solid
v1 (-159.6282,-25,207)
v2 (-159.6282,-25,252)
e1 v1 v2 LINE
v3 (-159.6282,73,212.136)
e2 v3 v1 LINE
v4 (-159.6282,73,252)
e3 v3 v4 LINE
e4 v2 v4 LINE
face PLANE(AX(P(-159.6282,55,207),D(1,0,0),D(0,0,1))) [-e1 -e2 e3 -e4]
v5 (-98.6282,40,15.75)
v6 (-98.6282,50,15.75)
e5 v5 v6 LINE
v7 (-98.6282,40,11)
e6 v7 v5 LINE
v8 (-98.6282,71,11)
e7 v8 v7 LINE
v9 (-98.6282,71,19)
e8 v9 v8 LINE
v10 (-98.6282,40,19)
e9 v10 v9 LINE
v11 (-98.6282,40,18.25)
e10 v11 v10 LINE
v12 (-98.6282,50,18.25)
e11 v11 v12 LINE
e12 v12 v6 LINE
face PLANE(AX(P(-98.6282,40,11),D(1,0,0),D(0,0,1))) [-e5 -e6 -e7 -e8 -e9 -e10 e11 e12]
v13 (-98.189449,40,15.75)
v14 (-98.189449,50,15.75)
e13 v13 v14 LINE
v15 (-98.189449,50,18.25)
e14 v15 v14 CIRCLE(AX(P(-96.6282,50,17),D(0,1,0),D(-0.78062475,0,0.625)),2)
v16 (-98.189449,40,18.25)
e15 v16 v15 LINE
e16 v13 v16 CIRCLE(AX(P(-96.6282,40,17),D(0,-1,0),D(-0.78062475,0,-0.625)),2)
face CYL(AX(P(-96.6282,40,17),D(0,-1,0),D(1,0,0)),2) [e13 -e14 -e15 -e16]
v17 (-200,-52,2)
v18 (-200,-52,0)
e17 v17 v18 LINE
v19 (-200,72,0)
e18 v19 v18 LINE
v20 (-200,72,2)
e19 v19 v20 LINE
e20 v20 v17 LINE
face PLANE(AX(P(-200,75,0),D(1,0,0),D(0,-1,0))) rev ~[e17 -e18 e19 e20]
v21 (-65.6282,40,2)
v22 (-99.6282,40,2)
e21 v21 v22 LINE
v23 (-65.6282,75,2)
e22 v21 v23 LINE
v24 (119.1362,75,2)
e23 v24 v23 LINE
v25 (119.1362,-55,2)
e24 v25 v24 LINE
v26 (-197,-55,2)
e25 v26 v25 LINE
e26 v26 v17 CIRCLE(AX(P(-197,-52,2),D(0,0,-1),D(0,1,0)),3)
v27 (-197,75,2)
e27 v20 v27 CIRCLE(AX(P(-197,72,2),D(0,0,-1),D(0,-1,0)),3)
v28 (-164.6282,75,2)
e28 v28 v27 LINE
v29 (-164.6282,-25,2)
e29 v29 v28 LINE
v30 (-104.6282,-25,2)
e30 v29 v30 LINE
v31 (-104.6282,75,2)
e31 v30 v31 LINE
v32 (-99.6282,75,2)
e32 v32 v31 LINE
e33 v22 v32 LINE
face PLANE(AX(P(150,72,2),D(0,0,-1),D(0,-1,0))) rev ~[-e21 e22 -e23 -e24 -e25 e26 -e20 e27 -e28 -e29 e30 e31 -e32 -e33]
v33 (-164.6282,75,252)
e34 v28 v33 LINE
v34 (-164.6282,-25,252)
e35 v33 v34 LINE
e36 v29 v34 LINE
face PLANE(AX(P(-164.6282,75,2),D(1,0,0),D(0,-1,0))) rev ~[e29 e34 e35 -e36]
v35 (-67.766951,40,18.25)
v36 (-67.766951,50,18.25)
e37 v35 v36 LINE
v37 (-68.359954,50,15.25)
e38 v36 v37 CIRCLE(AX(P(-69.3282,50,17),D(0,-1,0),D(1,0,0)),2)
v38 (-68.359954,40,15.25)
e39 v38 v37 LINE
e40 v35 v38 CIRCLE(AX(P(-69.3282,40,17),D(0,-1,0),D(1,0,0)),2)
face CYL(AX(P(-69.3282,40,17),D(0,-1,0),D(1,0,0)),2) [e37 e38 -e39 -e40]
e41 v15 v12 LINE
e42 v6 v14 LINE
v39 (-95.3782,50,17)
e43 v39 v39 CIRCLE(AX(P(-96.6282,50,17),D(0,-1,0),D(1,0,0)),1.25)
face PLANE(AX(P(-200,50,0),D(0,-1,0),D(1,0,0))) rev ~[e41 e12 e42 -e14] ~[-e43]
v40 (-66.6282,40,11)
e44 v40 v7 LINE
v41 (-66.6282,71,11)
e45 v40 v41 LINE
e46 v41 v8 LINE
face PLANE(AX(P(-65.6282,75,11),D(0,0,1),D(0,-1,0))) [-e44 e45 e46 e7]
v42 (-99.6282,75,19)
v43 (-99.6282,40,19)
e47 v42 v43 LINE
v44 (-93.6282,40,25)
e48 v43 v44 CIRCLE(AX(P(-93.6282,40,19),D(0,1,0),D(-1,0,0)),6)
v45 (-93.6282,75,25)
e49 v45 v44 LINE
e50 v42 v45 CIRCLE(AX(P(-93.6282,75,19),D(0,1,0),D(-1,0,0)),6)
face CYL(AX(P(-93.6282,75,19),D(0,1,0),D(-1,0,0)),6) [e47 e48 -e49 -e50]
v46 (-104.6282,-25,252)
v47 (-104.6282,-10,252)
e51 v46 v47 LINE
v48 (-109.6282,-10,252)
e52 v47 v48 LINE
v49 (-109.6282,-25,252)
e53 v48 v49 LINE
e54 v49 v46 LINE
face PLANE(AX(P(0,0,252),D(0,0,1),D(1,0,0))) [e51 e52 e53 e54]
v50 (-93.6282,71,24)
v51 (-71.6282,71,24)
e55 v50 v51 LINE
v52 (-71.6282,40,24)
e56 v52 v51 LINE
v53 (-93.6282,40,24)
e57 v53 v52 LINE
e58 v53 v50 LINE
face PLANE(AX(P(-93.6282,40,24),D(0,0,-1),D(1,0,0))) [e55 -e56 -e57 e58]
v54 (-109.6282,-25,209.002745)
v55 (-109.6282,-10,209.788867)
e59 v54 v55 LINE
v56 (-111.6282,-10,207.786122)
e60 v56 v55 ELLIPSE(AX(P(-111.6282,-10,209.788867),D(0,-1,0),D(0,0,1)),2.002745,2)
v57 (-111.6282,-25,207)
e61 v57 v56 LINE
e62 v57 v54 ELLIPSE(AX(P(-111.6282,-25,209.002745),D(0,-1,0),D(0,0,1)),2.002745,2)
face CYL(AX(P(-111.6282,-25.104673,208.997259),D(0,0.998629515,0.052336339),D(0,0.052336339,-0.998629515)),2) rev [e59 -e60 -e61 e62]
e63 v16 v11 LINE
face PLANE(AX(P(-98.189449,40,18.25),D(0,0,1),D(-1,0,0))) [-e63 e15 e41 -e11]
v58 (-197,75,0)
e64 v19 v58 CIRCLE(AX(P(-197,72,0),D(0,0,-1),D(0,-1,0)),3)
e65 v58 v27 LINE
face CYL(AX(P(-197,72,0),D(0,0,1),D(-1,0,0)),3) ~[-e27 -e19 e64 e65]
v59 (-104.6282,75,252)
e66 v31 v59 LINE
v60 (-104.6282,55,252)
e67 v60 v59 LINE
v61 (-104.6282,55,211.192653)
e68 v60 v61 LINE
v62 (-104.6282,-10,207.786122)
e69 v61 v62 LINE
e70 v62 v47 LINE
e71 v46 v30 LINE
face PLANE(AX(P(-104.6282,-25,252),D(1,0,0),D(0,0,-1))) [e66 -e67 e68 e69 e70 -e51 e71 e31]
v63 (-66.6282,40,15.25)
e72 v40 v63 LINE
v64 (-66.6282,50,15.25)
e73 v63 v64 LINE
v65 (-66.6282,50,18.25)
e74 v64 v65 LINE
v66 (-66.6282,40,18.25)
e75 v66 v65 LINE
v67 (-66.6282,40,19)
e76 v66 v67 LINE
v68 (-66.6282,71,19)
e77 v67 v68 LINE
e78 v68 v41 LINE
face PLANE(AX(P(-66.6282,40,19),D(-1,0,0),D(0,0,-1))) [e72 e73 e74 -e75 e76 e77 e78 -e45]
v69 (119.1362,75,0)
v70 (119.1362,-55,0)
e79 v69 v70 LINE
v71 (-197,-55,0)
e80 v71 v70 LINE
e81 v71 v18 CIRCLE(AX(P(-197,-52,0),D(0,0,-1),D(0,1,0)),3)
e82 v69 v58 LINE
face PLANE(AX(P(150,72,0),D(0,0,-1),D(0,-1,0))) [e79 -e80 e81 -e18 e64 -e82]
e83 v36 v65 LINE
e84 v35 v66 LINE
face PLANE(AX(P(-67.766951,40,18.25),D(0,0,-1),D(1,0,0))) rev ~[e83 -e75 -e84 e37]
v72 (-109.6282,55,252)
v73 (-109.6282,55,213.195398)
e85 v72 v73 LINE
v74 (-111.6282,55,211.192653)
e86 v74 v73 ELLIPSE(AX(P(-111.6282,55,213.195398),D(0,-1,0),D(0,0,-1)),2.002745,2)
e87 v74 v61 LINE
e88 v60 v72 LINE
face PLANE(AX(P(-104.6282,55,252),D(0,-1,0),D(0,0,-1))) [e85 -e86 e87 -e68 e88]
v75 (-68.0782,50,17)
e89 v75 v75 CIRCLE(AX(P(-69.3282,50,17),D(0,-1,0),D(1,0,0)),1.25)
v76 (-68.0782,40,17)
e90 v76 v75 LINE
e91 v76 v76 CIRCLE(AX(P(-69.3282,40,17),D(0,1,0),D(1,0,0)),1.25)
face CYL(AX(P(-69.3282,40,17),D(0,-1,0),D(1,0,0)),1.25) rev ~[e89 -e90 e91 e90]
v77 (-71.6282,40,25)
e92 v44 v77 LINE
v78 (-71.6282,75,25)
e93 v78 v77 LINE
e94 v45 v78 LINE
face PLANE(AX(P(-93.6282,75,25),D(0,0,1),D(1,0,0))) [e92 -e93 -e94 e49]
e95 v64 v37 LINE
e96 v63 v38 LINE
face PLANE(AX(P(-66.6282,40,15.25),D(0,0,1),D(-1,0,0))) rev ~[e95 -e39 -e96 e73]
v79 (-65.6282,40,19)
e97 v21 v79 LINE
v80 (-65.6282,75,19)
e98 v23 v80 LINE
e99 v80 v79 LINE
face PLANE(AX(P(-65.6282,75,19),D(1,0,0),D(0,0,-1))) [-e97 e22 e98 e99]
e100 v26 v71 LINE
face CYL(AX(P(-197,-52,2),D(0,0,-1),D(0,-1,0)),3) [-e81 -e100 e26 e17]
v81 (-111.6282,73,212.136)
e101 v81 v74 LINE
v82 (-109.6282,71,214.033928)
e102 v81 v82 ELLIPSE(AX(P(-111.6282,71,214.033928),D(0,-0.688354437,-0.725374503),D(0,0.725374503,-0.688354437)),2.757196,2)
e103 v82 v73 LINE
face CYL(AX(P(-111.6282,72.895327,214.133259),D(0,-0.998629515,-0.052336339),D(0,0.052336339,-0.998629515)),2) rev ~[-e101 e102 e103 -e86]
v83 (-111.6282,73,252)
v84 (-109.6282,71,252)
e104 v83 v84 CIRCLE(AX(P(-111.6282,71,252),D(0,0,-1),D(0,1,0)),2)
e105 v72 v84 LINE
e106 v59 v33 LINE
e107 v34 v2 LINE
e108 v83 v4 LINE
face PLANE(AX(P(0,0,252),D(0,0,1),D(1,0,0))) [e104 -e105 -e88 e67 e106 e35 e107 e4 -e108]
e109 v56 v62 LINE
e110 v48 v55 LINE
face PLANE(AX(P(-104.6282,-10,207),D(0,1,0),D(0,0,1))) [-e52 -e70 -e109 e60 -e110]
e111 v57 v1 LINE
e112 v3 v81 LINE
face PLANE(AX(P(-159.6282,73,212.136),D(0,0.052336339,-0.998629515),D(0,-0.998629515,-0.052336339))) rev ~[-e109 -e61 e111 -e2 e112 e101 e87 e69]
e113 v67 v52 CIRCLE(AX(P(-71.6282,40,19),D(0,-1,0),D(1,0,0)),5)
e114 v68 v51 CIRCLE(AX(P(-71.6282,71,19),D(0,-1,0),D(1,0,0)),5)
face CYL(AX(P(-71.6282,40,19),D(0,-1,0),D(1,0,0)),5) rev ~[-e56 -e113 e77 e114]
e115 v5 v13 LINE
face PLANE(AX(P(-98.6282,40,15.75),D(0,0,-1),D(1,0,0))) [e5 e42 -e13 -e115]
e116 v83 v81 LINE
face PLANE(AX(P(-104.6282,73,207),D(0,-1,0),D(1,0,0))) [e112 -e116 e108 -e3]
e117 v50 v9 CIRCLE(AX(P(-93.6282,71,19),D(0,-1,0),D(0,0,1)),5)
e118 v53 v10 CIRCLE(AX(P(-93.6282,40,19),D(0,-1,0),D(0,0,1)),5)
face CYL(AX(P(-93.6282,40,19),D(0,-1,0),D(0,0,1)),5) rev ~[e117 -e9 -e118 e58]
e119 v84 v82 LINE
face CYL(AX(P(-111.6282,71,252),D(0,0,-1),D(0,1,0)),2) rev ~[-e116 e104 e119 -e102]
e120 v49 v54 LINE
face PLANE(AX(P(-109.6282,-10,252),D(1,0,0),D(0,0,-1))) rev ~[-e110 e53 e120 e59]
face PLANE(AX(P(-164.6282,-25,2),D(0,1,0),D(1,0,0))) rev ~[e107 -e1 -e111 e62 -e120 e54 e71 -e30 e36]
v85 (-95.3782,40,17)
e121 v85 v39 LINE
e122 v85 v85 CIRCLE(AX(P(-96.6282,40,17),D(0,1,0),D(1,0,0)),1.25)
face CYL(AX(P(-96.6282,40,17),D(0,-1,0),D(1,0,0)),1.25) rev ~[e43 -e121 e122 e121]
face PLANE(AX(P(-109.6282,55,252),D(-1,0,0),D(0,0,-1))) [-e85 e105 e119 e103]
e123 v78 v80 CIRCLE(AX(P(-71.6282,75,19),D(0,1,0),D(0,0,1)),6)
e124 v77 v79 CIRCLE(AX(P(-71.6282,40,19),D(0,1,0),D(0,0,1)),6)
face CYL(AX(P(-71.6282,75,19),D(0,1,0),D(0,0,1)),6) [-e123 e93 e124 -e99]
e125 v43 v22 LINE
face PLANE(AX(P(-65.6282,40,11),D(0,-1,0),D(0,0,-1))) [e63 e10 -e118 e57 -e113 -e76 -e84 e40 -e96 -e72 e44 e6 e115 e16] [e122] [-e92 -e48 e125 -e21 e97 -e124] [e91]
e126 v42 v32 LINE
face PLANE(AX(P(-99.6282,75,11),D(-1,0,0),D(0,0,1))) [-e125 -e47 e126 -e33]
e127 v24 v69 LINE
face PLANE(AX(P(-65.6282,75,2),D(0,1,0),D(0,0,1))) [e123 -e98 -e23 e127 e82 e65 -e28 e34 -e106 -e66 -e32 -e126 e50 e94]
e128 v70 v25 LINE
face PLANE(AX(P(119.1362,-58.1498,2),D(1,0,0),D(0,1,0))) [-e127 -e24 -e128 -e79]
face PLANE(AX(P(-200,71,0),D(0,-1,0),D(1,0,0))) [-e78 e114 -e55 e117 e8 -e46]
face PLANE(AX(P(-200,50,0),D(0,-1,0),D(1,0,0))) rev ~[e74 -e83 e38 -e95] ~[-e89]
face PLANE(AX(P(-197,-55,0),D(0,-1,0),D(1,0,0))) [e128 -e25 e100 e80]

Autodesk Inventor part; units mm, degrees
ref_plane "YZ Plane" through (0, 0, 0) normal (1, 0, 0) x (0, 1, 0)
ref_plane "XZ Plane" through (0, 0, 0) normal (0, 1, 0) x (-1, 0, 0)
sketch "Sketch1" plane through (0, 0, 0) normal (0, 0, 1) x (1, 0, 0)
  line L0 (200, 75) -> (-200, 75)
  line L1 (-200, 75) -> (-200, -75)
  line L2 (-200, -75) -> (200, -75)
  line L3 (200, -75) -> (200, 75)
  line L4 (200, 75) -> (-200, -75) construction
  line L5 (-200, 75) -> (200, -75) construction
  point P0 (0, 0)
  dimension "d0" = 400
  dimension "d1" = 150
extrude "Extrusion1" add sketch "Sketch1" along normal blind 2
sketch "Sketch2" plane through (0, 0, 2) normal (0, 0, 1) x (1, 0, 0)
  line L0 (-200, 0) -> (-155, 56.4222) construction
  line L1 (-155, -56.4222) -> (-200, 0) construction
  line L2 (-104.6282, 75) -> (-164.6282, 75)
  line L3 (-164.6282, 75) -> (-164.6282, -25)
  line L4 (-164.6282, -25) -> (-104.6282, -25)
  line L5 (-104.6282, -25) -> (-104.6282, 75)
  line L6 (-104.6282, 75) -> (-164.6282, -25) construction
  line L7 (-164.6282, 75) -> (-104.6282, -25) construction
  line L8 (200, 75) -> (-200, 75) projected
  point P0 (0, 0)
  point P1 (-134.6282, 25)
  dimension "d5" = 60
  dimension "d6" = 100
  dimension "d55" = 0
extrude "Extrusion2" add sketch "Sketch2" along normal blind 250
sketch "Sketch3" plane through (-104.6282, -25, 2) normal (1, 0, 0) x (0, 0, -1)
  line L0 (0, 0) -> (-250, 0) projected
  line L1 (0, -50) -> (0, 100) projected
  line L2 (0, 100) -> (-250, 100) projected
  line L3 (-250, 0) -> (-250, 100) projected
  line L4 (0, 20) -> (-150, 20)
  line L5 (-150, 80) -> (0, 80)
  line L6 (0, 20) -> (0, 80)
  line L7 (-150, 80) -> (-150, 20)
  point P0 (2, 25)
  dimension "d27" = 20
  dimension "d28" = 20
extrude "Extrusion3" cut sketch "Sketch3" against normal blind 300 contours L4 L7 L5 L1
sketch "Sketch4" plane through (-104.6282, -25, 252) normal (1, 0, 0) x (0, 0, -1)
  line L0 (0, 100) -> (0, 0) projected
  line L1 (0, 80) -> (45, 80)
  line L2 (45, 80) -> (45, 15)
  line L3 (0, 15) -> (0, 80)
  line L4 (45, 15) -> (0, 15)
  line L5 (0, 0) -> (0, 100) projected
  line L6 (0, 15) -> (0, 80)
  point P0 (252, 25)
  dimension "d30" = 65
  dimension "d31" = 15
  dimension "d32" = 45
  dimension "d37" = 65
extrude "Extrusion4" cut sketch "Sketch4" against normal blind 55
sketch "Sketch6" plane through (-104.6282, 55, 207) normal (0, -1, 0) x (1, 0, 0)
  line L0 (0, 0) -> (0, 45) projected
  line L1 (0, 0) -> (-55, 0) projected
  line L2 (-55, 0) -> (-55, 45) projected
  line L3 (0, 45) -> (-55, 45) projected
  line L4 (-55, 45) -> (0, 45) projected
  line L5 (0, 45) -> (0, 0)
  line L6 (-5, 45) -> (-5, 0)
  line L7 (-55, 45) -> (-5, 45)
  line L8 (-55, 0) -> (-5, 0)
  line L9 (-55, 45) -> (-55, 0)
  point P0 (104.6282, -207)
  dimension "d40" = 5
extrude "Extrusion5" cut sketch "Sketch6" against normal blind 18 contours L1 L2 L3 L6
sketch "Sketch7" plane through (-104.6282, -10, 252) normal (0, 1, 0) x (1, 0, 0)
  line L0 (-55, 0) -> (-5, 0) projected
  line L1 (-55, 45) -> (-55, 0) projected
  line L2 (-5, 45) -> (-55, 45) projected
  line L3 (-5, 0) -> (-5, 45) projected
  line L4 (-5, 0) -> (-55, 0)
  line L5 (-55, 0) -> (-55, 45)
  line L6 (-55, 45) -> (-5, 45)
  line L7 (-5, 45) -> (-5, 0)
  point P0 (104.6282, 252)
extrude "Extrusion6" cut sketch "Sketch7" against normal through all
sketch "Sketch10" plane through (-159.6282, -25, 252) normal (1, 0, 0) x (0, 0, -1)
  line L0 (45, 98) -> (0, 98) projected
  line L1 (45, 98) -> (45, 0) projected
  line L2 (39.864, 98) -> (45, 0)
  line L3 (45, 0) -> (45, 98)
  line L4 (0, 80) -> (0, 100) projected
  line L5 (45, 98) -> (39.864, 98)
  point P0 (252, 25)
  dimension "d50" = 3
extrude "Extrusion7" add sketch "Sketch10" along normal blind 55
fillet "Fillet3" radius 2 3 edges at (-109.6282, 73, 232.068) (-109.6282, -17.5, 207.3931) (-109.6282, 64, 211.6643)
sketch "Sketch11" plane through (0, 0, 2) normal (0, 0, 1) x (1, 0, 0)
  line L0 (-104.6282, -5) -> (-104.6282, 55) projected
  point P0 (0, 0)
  point P1 (-104.6282, 75)
sketch "Sketch12" plane through (-104.6282, -25, 252) normal (1, 0, 0) x (0, 0, -1)
  line L0 (250, 20) -> (100, 20) projected
  line L1 (100, 80) -> (250, 80) projected
  arc A0 (100, 80) -> (100, 20) centre (100, 50) ccw projected
  line L2 (247, 20) -> (250, 20)
  line L3 (247, 80) -> (250, 80)
  line L4 (250, -50) -> (250, 100) projected
  point P0 (252, 25)
  point P1 (250, 22.1792)
  point P2 (250, 77.8208)
  dimension "d57" = 3
extrude "Extrusion8" add sketch "Sketch12" against normal blind 60
ref_plane "Work Plane2" through (-200, 75, 0) normal (0, 1, 0) x (1, 0, 0)
sketch "Sketch15" plane through (-200, 75, 0) normal (0, 1, 0) x (1, 0, 0)
  line L0 (95.3718, -2) -> (95.3718, -252) projected
  line L1 (400, -2) -> (95.3718, -2) projected
  line L2 (100.3718, -11) -> (100.3718, -19)
  line L3 (106.3718, -25) -> (128.3718, -25)
  line L4 (134.3718, -19) -> (134.3718, -11)
  arc A0 (128.3718, -25) -> (134.3718, -19) centre (128.3718, -19) ccw
  arc A1 (100.3718, -19) -> (106.3718, -25) centre (106.3718, -19) ccw
  line L5 (134.3718, -11) -> (100.3718, -11)
  line L6 (100.3718, -11) -> (134.3718, -11)
  line L7 (134.3718, -11) -> (134.3718, -2)
  line L8 (134.3718, -2) -> (100.3718, -2)
  line L9 (100.3718, -2) -> (100.3718, -11)
  point P0 (200, 0)
  point P1 (100.3718, -25)
  point P2 (134.3718, -25)
  dimension "d78" = 14
  dimension "d79" = 34
  dimension "d80" = 6
  dimension "d81" = 5
extrude "Extrusion10" add sketch "Sketch15" against normal blind 35 contours L4 A0 L3 A1 L2 L5
sketch "Sketch16" plane through (-200, 40, 0) normal (0, -1, 0) x (1, 0, 0)
  line L0 (128.3718, 25) -> (106.3718, 25) projected
  arc A0 (134.3718, 19) -> (128.3718, 25) centre (128.3718, 19) ccw projected
  arc A1 (106.3718, 25) -> (100.3718, 19) centre (106.3718, 19) ccw projected
  line L1 (134.3718, 11) -> (134.3718, 19) projected
  arc A2 (134.3718, 19) -> (128.3718, 25) centre (128.3718, 19) ccw projected
  line L2 (128.3718, 25) -> (106.3718, 25) projected
  arc A3 (106.3718, 25) -> (100.3718, 19) centre (106.3718, 19) ccw projected
  line L3 (100.3718, 19) -> (100.3718, 11) projected
  line L4 (133.3718, 19) -> (133.3718, 3)
  line L5 (133.3718, 3) -> (101.3718, 3)
  line L6 (101.3718, 3) -> (101.3718, 19)
  arc A4 (106.3718, 24) -> (101.3718, 19) centre (106.3718, 19) ccw
  line L7 (106.3718, 24) -> (128.3718, 24)
  arc A5 (133.3718, 19) -> (128.3718, 24) centre (128.3718, 19) ccw
  line L8 (100.3718, 11) -> (134.3718, 11) projected
  point P0 (200, 0)
  dimension "d85" = 1
extrude "Extrusion11" cut sketch "Sketch16" against normal blind 31 contours L8 L6 A4 L7 A5 L4 | L4 L5 L6 L8
fillet "Fillet4" radius 3 1 edges at (-200, -75, 1)
fillet "Fillet5" radius 3 1 edges at (-200, 75, 1)
fillet "Fillet6" radius 3 2 edges at (200, -75, 1) (200, 75, 1)
sketch "Sketch18" plane through (200, -72, 0) normal (1, 0, 0) x (0, 0, -1)
  line L0 (-2, 144) -> (0, 144) projected
  line L1 (-2, 0) -> (-2, 144) projected
  line L2 (0, 0) -> (-2, 0) projected
  line L3 (0, 0) -> (0, 144) projected
  line L4 (-2, 147) -> (-2, 144) projected
  line L5 (-2, 144) -> (0, 144) projected
  line L6 (0, 144) -> (0, 147) projected
  line L7 (0, 147) -> (-2, 147) projected
  line L8 (-2, 0) -> (-2, -3) projected
  line L9 (-2, -3) -> (0, -3) projected
  line L10 (0, -3) -> (0, 0) projected
  line L11 (0, 0) -> (-2, 0) projected
  point P0 (0, 72)
extrude "Extrusion12" cut sketch "Sketch18" against normal blind 50
sketch "Sketch19" plane through (-197, -75, 0) normal (0, -1, 0) x (1, 0, 0)
  line L0 (347, 0) -> (347, 2) projected
  line L1 (0, 2) -> (347, 2) projected
  line L2 (0, 0) -> (0, 2) projected
  line L3 (0, 0) -> (347, 0) projected
  line L4 (0, 2) -> (-3, 2) projected
  line L5 (-3, 2) -> (-3, 0) projected
  line L6 (-3, 0) -> (0, 0) projected
  line L7 (0, 0) -> (0, 2) projected
  point P0 (197, 0)
extrude "Extrusion13" cut sketch "Sketch19" against normal blind 20
fillet "Fillet7" radius 3 2 edges at (150, -55, 1) (150, 75, 1)
fillet "Fillet8" radius 3 1 edges at (-200, -55, 1)
sketch "Sketch20" plane through (-200, 75, 0) normal (0, 1, 0) x (1, 0, 0)
  line L0 (134.3718, -11) -> (134.3718, -19) projected
  line L1 (347, -2) -> (95.3718, -2) projected
  line L2 (134.3718, -11) -> (100, -11)
  line L3 (100, -11) -> (100, -2)
  line L4 (100, -2) -> (134.3718, -2)
  line L5 (134.3718, -2) -> (134.3718, -11)
  point P0 (200, 0)
sketch "Sketch21" plane through (-65.6282, 75, 19) normal (1, 0, 0) x (0, 0, -1)
  line L0 (0, -35) -> (8, -35) projected
  line L1 (17, -100) -> (17, 0) projected
  line L2 (8, -35) -> (17, -35)
  line L3 (17, -35) -> (17, 0)
  line L4 (17, 0) -> (8, 0)
  line L5 (8, 0) -> (8, -35)
  point P0 (19, -75)
  point P1 (17, -22.1792)
extrude "Extrusion14" add sketch "Sketch21" against normal blind 37.5
sketch "Sketch22" plane through (-103.1282, 75, 11) normal (0, 0, 1) x (1, 0, 0)
  point P0 (103.1282, -75)
sketch "Sketch23" plane through (-103.1282, 75, 11) normal (0, 0, 1) x (1, 0, 0)
  line L0 (3.5, 0) -> (0, 0) projected
  line L1 (0, 0) -> (3.5, 0)
  line L2 (3.5, 0) -> (3.5, -35)
  line L3 (3.5, -35) -> (0, -35)
  line L4 (0, -35) -> (0, 0)
  line L5 (37.5, 0) -> (41, 0)
  line L6 (41, 0) -> (41, -35)
  line L7 (41, -35) -> (37.5, -35)
  line L8 (37.5, -35) -> (37.5, 0)
  line L9 (37.5, 0) -> (37.5, -35) projected
  point P0 (103.1282, -75)
  dimension "d100" = 3.5
  dimension "d101" = 0
sketch "Sketch24" plane through (-200, 40, 0) normal (0, -1, 0) x (1, 0, 0)
  line L0 (133.3718, 11) -> (101.3718, 11) projected
  line L1 (117.3718, 11) -> (117.3718, 2) construction
  line L2 (134.3718, 2) -> (96.8718, 2) projected
  line L3 (134.3718, 19) -> (134.3718, 2) projected
  line L4 (134.3718, 11) -> (134.3718, 2)
  line L5 (100.3718, 11) -> (100.3718, 2)
  line L6 (96.8718, 11) -> (100.3718, 11)
  line L7 (100.3718, 11) -> (100.3718, 2)
  line L8 (100.3718, 2) -> (96.8718, 2)
  line L9 (96.8718, 2) -> (96.8718, 11)
  point P0 (200, 0)
  point P1 (96.8718, 2)
extrude "Extrusion17" cut sketch "Sketch24" against normal through all
sketch "Sketch26" plane through (-200, 40, 0) normal (0, -1, 0) x (1, 0, 0)
  line L0 (101.3718, 11) -> (101.3718, 19) projected
  line L1 (101.3718, 17) -> (103.3718, 17)
  line L2 (133.3718, 11) -> (101.3718, 11) projected
  circle A0 centre (103.3718, 17) radius 2
  line L3 (133.3718, 17) -> (131.6357, 17)
  circle A1 centre (103.3718, 17) radius 1.25
  line L4 (103.3718, 18.25) -> (101.3718, 18.25)
  line L5 (101.3718, 18.25) -> (101.3718, 15.75)
  line L6 (101.3718, 15.75) -> (103.3718, 15.75)
  line L7 (103.3718, 15.75) -> (103.3718, 18.25)
  circle A2 centre (130.6718, 17) radius 2
  circle A3 centre (130.6718, 17) radius 1.25
  line L8 (133.3718, 19) -> (133.3718, 11) projected
  line L9 (130.6718, 18.25) -> (133.3718, 18.25)
  line L10 (133.3718, 18.25) -> (133.3718, 15.25)
  line L11 (133.3718, 15.25) -> (130.6718, 15.25)
  line L12 (130.6718, 15.25) -> (130.6718, 18.25)
  point P0 (200, 0)
  point P1 (132.233, 18.25)
  point P2 (131.64, 15.25)
  point P3 (101.8105, 15.75)
  point P4 (101.8105, 18.25)
  dimension "d116" = 2.5
  dimension "d118" = 2.5
  dimension "d119" = 27.3
  dimension "d112" = 6
  dimension "d113" = 4
  dimension "d117" = 4
extrude "Extrusion18" add sketch "Sketch26" against normal blind 10
extrude "Extrusion19" cut sketch "Sketch26" against normal blind 10 contours A1 L7 L1 | L1 L7 A1 | L7 A1 | A3 L12 | L12 A3
thread "Thread3" size "M2.5x0.45" class "6H" standard "ANSI Metric M Profile" length 72
thread "Thread4" size "M2.5x0.45" class "6H" standard "ANSI Metric M Profile" length 72
sketch "Sketch28" plane through (150, -72, 0) normal (1, 0, 0) x (0, 0, -1)
  line L0 (0, 144) -> (0, 20) projected
  line L1 (-2, 20) -> (0, 20)
  line L2 (0, 20) -> (0, 144)
  line L3 (0, 144) -> (-2, 144)
  line L4 (-2, 144) -> (-2, 20)
  point P0 (0, 72)
extrude "Extrusion21" add sketch "Sketch28" along normal blind 50
sketch "Sketch29" plane through (0, 0, 2) normal (0, 0, 1) x (1, 0, 0)
  line L0 (200, 72) -> (200, -52) projected
  line L1 (200, 72) -> (200, -52)
  line L2 (200, 10) -> (160.5, 10)
  line L3 (160.5, 10) -> (160.5, 16)
  line L4 (160.5, 16) -> (115.5, 16)
  line L5 (115.5, 16) -> (115.5, 4)
  line L6 (115.5, 4) -> (160.5, 4)
  line L7 (160.5, 4) -> (160.5, 16)
  point P0 (0, 0)
  dimension "d136" = 39.5
  dimension "d137" = 6
  dimension "d138" = 45
  dimension "d139" = 12
sketch "Sketch31" plane through (0, 0, 2) normal (0, 0, 1) x (1, 0, 0)
  line L0 (147, 75) -> (-65.6282, 75) projected
  line L1 (119.1362, 75) -> (234.7266, 75)
  line L2 (234.7266, 75) -> (234.7266, -58.1498)
  line L3 (234.7266, -58.1498) -> (119.1362, -58.1498)
  line L4 (119.1362, -58.1498) -> (119.1362, 75)
  point P0 (0, 0)
extrude "Extrusion24" cut sketch "Sketch31" against normal blind 10
properties part number "lifting base" material "PPS Plastic"
